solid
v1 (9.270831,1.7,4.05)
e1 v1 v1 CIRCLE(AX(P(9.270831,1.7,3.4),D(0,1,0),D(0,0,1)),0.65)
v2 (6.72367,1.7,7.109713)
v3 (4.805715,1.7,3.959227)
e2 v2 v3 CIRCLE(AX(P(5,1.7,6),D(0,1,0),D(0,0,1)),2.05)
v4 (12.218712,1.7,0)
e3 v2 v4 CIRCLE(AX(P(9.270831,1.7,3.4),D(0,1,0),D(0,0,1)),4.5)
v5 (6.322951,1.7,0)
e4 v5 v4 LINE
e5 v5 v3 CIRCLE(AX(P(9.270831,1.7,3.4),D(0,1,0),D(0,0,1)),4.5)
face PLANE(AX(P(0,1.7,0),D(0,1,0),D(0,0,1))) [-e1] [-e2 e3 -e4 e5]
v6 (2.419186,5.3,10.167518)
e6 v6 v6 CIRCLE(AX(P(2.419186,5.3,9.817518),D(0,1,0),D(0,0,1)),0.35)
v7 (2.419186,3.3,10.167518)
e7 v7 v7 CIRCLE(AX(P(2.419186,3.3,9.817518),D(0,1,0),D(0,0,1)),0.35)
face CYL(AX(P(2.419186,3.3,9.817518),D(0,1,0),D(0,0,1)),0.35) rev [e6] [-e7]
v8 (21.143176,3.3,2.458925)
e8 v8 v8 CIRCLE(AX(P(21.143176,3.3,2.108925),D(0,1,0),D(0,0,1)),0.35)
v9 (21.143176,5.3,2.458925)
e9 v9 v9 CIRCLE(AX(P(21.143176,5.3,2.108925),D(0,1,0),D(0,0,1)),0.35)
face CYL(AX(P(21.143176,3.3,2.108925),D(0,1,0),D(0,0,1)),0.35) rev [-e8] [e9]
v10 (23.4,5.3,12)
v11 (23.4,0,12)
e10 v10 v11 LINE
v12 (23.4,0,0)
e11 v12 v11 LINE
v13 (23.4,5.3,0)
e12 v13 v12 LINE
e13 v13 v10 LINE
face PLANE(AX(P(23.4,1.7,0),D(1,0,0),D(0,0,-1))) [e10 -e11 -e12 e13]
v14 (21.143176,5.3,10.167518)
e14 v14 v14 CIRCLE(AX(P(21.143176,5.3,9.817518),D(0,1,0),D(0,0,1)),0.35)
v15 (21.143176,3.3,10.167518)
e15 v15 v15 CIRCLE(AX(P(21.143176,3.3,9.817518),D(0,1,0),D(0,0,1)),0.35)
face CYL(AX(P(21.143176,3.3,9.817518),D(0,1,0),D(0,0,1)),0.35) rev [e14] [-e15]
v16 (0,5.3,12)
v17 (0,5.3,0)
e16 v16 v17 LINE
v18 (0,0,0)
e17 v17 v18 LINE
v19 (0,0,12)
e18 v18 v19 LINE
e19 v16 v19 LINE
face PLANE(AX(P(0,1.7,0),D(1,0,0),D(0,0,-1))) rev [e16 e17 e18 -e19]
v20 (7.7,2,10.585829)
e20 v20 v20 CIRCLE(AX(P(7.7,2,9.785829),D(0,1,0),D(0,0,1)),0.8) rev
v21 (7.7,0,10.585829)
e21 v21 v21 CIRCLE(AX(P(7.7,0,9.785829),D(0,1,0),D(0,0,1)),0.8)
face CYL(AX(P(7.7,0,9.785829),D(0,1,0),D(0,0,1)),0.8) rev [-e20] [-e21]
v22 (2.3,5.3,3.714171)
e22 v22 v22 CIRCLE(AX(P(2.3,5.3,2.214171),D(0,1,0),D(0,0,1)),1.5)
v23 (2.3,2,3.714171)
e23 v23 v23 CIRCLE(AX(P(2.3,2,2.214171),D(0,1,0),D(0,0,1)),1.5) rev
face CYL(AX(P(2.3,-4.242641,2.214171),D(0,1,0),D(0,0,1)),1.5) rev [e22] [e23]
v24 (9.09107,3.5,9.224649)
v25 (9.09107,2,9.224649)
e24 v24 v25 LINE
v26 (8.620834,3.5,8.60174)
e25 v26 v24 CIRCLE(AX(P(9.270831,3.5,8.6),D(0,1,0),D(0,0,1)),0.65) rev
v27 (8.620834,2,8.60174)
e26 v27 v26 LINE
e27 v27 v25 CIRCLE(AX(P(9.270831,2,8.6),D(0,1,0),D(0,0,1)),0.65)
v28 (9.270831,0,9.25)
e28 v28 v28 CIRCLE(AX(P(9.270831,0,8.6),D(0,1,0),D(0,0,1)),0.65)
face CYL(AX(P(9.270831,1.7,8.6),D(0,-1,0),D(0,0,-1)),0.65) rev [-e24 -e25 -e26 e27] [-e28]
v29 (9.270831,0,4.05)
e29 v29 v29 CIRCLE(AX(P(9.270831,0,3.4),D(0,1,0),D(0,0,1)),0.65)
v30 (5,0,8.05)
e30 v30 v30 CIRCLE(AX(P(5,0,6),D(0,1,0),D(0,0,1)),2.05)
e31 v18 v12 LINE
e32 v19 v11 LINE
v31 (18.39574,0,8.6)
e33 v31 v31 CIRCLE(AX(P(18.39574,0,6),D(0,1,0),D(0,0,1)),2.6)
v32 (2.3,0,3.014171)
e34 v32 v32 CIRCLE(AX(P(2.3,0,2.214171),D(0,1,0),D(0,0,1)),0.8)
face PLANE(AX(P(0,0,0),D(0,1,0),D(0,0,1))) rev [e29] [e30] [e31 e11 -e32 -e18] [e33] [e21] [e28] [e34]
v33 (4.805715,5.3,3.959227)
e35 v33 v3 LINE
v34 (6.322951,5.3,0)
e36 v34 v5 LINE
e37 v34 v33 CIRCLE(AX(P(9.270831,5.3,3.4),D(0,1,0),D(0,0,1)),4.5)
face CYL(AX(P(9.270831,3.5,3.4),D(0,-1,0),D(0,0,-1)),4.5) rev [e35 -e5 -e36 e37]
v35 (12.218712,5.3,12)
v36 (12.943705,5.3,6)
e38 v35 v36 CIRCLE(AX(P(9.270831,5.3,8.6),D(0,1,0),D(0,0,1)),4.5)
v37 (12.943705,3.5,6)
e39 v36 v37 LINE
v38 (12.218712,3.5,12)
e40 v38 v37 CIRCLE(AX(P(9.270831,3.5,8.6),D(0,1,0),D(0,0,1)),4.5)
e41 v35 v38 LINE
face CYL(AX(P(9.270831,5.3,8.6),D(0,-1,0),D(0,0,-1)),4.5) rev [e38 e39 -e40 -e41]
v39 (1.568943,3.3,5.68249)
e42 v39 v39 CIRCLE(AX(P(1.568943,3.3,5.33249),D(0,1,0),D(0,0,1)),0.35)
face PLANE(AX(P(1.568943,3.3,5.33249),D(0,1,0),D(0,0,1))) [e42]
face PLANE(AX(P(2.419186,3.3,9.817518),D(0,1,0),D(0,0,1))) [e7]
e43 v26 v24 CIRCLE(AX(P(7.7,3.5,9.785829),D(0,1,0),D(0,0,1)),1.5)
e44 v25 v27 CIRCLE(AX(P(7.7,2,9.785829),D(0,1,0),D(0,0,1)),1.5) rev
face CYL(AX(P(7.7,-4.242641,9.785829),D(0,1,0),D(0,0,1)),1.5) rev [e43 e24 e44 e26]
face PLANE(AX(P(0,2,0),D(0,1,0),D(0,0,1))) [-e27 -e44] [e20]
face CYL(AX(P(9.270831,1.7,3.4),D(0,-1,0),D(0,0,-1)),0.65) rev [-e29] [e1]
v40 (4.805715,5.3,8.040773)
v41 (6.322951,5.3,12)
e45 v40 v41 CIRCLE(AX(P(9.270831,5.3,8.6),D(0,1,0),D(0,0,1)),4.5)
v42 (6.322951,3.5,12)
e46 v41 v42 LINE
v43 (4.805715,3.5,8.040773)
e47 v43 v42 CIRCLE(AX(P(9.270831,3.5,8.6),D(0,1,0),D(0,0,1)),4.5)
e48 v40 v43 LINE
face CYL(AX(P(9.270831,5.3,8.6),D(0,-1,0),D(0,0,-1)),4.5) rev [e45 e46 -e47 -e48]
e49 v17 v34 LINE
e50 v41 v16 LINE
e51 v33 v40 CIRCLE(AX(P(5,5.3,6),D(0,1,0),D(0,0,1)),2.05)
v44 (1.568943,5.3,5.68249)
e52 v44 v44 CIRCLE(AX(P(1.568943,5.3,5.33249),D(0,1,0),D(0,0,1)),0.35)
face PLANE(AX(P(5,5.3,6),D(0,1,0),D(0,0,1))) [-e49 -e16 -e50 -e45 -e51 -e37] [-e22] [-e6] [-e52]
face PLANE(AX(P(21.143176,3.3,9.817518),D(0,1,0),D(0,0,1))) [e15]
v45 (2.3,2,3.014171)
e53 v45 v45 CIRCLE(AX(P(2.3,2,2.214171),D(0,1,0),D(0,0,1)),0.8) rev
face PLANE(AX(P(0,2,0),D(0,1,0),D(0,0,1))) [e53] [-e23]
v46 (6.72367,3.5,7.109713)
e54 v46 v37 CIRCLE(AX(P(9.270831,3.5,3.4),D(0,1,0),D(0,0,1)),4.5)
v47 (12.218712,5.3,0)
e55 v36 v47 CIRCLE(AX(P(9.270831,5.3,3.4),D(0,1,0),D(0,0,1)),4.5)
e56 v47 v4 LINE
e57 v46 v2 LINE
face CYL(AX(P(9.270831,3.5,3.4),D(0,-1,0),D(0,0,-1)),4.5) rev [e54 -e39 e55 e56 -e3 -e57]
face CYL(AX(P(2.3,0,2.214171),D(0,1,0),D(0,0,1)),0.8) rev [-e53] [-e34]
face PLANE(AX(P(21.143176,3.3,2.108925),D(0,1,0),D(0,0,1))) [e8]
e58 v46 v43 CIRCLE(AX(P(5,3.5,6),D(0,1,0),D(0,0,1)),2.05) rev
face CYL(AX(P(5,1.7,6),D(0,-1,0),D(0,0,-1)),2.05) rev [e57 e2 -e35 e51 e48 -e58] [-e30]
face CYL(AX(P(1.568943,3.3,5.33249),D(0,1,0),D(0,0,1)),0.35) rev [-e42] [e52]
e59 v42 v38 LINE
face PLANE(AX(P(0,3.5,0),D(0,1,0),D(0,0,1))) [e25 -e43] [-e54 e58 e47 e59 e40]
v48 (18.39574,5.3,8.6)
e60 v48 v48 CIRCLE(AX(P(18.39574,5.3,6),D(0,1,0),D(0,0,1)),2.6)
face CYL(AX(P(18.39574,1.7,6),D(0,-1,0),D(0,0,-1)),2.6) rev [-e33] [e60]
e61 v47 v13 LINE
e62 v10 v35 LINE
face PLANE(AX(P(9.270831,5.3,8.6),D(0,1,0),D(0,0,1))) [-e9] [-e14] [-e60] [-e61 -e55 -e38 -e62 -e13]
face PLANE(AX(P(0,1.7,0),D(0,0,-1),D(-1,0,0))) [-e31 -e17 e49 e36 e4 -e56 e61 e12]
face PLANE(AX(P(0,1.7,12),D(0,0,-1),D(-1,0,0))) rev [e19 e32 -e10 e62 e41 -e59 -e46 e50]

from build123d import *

# Parameters (mm, degrees)
SKETCH_1_W          = 23.4
SKETCH_1_H          = 12
SKETCH_1_R          = 2.05
SKETCH_1_R_2        = 0.65
SKETCH_1_R_3        = 2.6
EXTRUDE_1_DEPTH     = 1.7
SKETCH_3_R          = 0.65
SKETCH_3_R_2        = 2.6
EXTRUDE_3_DEPTH     = 1.8
EXTRUDE_START       = 1.8
SKETCH_3_16_R       = 2.6
EXTRUDE_4_DEPTH     = 1.8
CUT_EXTRUDE_START   = 5.3
SKETCH_5_R          = 0.8
CUT_EXTRUDE_1_DEPTH = 33.126293072
SKETCH_5_10_R       = 1.5
CUT_EXTRUDE_3_DEPTH = 3.3
SKETCH_7_R          = 0.35
CUT_EXTRUDE_4_DEPTH = 2


with BuildPart() as part:
    # 草图1 → 凸台-拉伸1 (new body)
    with BuildSketch(Plane(origin=(0, 0, 0), x_dir=(1, 0, 0), z_dir=(0, 1, 0))):
        with Locations((11.7, -6)):
            Rectangle(SKETCH_1_W, SKETCH_1_H)
        with Locations(Location((5, -6, 0), (0, 0, 270))):
            Circle(SKETCH_1_R, mode=Mode.SUBTRACT)
        with Locations(Location((9.270831301, -8.6, 0), (0, 0, 270))):
            Circle(SKETCH_1_R_2, mode=Mode.SUBTRACT)
        with Locations(Location((18.395740059, -6, 0), (0, 0, 270))):
            Circle(SKETCH_1_R_3, mode=Mode.SUBTRACT)
        with Locations(Location((9.270831301, -3.4, 0), (0, 0, 270))):
            Circle(SKETCH_1_R_2, mode=Mode.SUBTRACT)
    extrude(amount=EXTRUDE_1_DEPTH)

    # 草图3 → 凸台-拉伸3 (add)
    with BuildSketch(Plane(origin=(0, 1.7, 0), x_dir=(1, 0, 0), z_dir=(0, 1, 0))):
        with BuildLine():
            Line((6.322950706, 0), (0, 0))
            Line((0, 0), (0, -12))
            Line((0, -12), (23.4, -12))
            Line((23.4, -12), (23.4, 0))
            Line((23.4, 0), (12.218711895, 0))
            ThreePointArc((12.218711895, 0), (12.831329536, -6.151881595), (6.723669831, -7.109712717))
            ThreePointArc((6.723669831, -7.109712717), (3.248959167, -7.066), (4.805714858, -3.959227283))
            ThreePointArc((4.805714858, -3.959227283), (5.068807808, -1.789720968), (6.322950706, 0))
        make_face()
        with Locations(Location((9.270831301, -8.6, 0), (0, 0, 270))):
            Circle(SKETCH_3_R, mode=Mode.SUBTRACT)
        with Locations(Location((18.395740059, -6, 0), (0, 0, 270))):
            Circle(SKETCH_3_R_2, mode=Mode.SUBTRACT)
    extrude(amount=EXTRUDE_3_DEPTH)

    # 草图3<16> → 凸台-拉伸4 (add)
    # profile 1 of 2: a face of its own
    with BuildSketch(Plane(origin=(0, 1.7, 0), x_dir=(1, 0, 0), z_dir=(0, 1, 0)).offset(EXTRUDE_START)):
        with BuildLine():
            Line((6.322950706, 0), (0, 0))
            Line((0, 0), (0, -12))
            Line((0, -12), (6.322950706, -12))
            ThreePointArc((6.322950706, -12), (5.068807808, -10.210279032), (4.805714858, -8.040772717))
            ThreePointArc((4.805714858, -8.040772717), (2.95, -6), (4.805714858, -3.959227283))
            ThreePointArc((4.805714858, -3.959227283), (5.068807808, -1.789720968), (6.322950706, 0))
        make_face()
    # profile 2 of 2: a face of its own
    with BuildSketch(Plane(origin=(0, 1.7, 0), x_dir=(1, 0, 0), z_dir=(0, 1, 0)).offset(EXTRUDE_START)):
        with BuildLine():
            Line((23.4, 0), (12.218711895, 0))
            ThreePointArc((12.218711895, 0), (13.364452111, -1.531238736), (13.770831301, -3.4))
            ThreePointArc((13.770831301, -3.4), (13.559067005, -4.7641974), (12.943704835, -6))
            ThreePointArc((12.943704835, -6), (13.559067005, -7.2358026), (13.770831301, -8.6))
            ThreePointArc((13.770831301, -8.6), (13.364452111, -10.468761264), (12.218711895, -12))
            Line((12.218711895, -12), (23.4, -12))
            Line((23.4, -12), (23.4, 0))
        make_face()
        with Locations(Location((18.395740059, -6, 0), (0, 0, 270))):
            Circle(SKETCH_3_16_R, mode=Mode.SUBTRACT)
    extrude(amount=EXTRUDE_4_DEPTH)

    # 草图5 → 切除-拉伸1 (cut, through all)
    with BuildSketch(Plane(origin=(0, 0, 0), x_dir=(1, 0, 0), z_dir=(0, 1, 0)).offset(CUT_EXTRUDE_START)):
        with Locations(Location((2.3, -2.214171161, 0), (0, 0, 270))):
            Circle(SKETCH_5_R)
        with Locations(Location((7.7, -9.785828839, 0), (0, 0, 270))):
            Circle(SKETCH_5_R)
    extrude(amount=-CUT_EXTRUDE_1_DEPTH, mode=Mode.SUBTRACT)

    # 草图5<10> → 切除-拉伸3 (cut)
    with BuildSketch(Plane(origin=(0, 0, 0), x_dir=(1, 0, 0), z_dir=(0, 1, 0)).offset(CUT_EXTRUDE_START)):
        with Locations(Location((2.3, -2.214171161, 0), (0, 0, 270))):
            Circle(SKETCH_5_10_R)
        with Locations((7.7, -9.785828839)):
            Circle(SKETCH_5_10_R)
    extrude(amount=-CUT_EXTRUDE_3_DEPTH, mode=Mode.SUBTRACT)

    # 草图7 → 切除-拉伸4 (cut)
    with BuildSketch(Plane(origin=(0, 5.3, 0), x_dir=(1, 0, 0), z_dir=(0, 1, 0))):
        with Locations(Location((1.568943185, -5.332489754, 0), (0, 0, 270))):
            Circle(SKETCH_7_R)
        with Locations(Location((2.419185522, -9.817518082, 0), (0, 0, 270))):
            Circle(SKETCH_7_R)
        with Locations(Location((21.143175994, -2.108925173, 0), (0, 0, 270))):
            Circle(SKETCH_7_R)
        with Locations(Location((21.143175994, -9.817518082, 0), (0, 0, 270))):
            Circle(SKETCH_7_R)
    extrude(amount=-CUT_EXTRUDE_4_DEPTH, mode=Mode.SUBTRACT)


solid = part.part
